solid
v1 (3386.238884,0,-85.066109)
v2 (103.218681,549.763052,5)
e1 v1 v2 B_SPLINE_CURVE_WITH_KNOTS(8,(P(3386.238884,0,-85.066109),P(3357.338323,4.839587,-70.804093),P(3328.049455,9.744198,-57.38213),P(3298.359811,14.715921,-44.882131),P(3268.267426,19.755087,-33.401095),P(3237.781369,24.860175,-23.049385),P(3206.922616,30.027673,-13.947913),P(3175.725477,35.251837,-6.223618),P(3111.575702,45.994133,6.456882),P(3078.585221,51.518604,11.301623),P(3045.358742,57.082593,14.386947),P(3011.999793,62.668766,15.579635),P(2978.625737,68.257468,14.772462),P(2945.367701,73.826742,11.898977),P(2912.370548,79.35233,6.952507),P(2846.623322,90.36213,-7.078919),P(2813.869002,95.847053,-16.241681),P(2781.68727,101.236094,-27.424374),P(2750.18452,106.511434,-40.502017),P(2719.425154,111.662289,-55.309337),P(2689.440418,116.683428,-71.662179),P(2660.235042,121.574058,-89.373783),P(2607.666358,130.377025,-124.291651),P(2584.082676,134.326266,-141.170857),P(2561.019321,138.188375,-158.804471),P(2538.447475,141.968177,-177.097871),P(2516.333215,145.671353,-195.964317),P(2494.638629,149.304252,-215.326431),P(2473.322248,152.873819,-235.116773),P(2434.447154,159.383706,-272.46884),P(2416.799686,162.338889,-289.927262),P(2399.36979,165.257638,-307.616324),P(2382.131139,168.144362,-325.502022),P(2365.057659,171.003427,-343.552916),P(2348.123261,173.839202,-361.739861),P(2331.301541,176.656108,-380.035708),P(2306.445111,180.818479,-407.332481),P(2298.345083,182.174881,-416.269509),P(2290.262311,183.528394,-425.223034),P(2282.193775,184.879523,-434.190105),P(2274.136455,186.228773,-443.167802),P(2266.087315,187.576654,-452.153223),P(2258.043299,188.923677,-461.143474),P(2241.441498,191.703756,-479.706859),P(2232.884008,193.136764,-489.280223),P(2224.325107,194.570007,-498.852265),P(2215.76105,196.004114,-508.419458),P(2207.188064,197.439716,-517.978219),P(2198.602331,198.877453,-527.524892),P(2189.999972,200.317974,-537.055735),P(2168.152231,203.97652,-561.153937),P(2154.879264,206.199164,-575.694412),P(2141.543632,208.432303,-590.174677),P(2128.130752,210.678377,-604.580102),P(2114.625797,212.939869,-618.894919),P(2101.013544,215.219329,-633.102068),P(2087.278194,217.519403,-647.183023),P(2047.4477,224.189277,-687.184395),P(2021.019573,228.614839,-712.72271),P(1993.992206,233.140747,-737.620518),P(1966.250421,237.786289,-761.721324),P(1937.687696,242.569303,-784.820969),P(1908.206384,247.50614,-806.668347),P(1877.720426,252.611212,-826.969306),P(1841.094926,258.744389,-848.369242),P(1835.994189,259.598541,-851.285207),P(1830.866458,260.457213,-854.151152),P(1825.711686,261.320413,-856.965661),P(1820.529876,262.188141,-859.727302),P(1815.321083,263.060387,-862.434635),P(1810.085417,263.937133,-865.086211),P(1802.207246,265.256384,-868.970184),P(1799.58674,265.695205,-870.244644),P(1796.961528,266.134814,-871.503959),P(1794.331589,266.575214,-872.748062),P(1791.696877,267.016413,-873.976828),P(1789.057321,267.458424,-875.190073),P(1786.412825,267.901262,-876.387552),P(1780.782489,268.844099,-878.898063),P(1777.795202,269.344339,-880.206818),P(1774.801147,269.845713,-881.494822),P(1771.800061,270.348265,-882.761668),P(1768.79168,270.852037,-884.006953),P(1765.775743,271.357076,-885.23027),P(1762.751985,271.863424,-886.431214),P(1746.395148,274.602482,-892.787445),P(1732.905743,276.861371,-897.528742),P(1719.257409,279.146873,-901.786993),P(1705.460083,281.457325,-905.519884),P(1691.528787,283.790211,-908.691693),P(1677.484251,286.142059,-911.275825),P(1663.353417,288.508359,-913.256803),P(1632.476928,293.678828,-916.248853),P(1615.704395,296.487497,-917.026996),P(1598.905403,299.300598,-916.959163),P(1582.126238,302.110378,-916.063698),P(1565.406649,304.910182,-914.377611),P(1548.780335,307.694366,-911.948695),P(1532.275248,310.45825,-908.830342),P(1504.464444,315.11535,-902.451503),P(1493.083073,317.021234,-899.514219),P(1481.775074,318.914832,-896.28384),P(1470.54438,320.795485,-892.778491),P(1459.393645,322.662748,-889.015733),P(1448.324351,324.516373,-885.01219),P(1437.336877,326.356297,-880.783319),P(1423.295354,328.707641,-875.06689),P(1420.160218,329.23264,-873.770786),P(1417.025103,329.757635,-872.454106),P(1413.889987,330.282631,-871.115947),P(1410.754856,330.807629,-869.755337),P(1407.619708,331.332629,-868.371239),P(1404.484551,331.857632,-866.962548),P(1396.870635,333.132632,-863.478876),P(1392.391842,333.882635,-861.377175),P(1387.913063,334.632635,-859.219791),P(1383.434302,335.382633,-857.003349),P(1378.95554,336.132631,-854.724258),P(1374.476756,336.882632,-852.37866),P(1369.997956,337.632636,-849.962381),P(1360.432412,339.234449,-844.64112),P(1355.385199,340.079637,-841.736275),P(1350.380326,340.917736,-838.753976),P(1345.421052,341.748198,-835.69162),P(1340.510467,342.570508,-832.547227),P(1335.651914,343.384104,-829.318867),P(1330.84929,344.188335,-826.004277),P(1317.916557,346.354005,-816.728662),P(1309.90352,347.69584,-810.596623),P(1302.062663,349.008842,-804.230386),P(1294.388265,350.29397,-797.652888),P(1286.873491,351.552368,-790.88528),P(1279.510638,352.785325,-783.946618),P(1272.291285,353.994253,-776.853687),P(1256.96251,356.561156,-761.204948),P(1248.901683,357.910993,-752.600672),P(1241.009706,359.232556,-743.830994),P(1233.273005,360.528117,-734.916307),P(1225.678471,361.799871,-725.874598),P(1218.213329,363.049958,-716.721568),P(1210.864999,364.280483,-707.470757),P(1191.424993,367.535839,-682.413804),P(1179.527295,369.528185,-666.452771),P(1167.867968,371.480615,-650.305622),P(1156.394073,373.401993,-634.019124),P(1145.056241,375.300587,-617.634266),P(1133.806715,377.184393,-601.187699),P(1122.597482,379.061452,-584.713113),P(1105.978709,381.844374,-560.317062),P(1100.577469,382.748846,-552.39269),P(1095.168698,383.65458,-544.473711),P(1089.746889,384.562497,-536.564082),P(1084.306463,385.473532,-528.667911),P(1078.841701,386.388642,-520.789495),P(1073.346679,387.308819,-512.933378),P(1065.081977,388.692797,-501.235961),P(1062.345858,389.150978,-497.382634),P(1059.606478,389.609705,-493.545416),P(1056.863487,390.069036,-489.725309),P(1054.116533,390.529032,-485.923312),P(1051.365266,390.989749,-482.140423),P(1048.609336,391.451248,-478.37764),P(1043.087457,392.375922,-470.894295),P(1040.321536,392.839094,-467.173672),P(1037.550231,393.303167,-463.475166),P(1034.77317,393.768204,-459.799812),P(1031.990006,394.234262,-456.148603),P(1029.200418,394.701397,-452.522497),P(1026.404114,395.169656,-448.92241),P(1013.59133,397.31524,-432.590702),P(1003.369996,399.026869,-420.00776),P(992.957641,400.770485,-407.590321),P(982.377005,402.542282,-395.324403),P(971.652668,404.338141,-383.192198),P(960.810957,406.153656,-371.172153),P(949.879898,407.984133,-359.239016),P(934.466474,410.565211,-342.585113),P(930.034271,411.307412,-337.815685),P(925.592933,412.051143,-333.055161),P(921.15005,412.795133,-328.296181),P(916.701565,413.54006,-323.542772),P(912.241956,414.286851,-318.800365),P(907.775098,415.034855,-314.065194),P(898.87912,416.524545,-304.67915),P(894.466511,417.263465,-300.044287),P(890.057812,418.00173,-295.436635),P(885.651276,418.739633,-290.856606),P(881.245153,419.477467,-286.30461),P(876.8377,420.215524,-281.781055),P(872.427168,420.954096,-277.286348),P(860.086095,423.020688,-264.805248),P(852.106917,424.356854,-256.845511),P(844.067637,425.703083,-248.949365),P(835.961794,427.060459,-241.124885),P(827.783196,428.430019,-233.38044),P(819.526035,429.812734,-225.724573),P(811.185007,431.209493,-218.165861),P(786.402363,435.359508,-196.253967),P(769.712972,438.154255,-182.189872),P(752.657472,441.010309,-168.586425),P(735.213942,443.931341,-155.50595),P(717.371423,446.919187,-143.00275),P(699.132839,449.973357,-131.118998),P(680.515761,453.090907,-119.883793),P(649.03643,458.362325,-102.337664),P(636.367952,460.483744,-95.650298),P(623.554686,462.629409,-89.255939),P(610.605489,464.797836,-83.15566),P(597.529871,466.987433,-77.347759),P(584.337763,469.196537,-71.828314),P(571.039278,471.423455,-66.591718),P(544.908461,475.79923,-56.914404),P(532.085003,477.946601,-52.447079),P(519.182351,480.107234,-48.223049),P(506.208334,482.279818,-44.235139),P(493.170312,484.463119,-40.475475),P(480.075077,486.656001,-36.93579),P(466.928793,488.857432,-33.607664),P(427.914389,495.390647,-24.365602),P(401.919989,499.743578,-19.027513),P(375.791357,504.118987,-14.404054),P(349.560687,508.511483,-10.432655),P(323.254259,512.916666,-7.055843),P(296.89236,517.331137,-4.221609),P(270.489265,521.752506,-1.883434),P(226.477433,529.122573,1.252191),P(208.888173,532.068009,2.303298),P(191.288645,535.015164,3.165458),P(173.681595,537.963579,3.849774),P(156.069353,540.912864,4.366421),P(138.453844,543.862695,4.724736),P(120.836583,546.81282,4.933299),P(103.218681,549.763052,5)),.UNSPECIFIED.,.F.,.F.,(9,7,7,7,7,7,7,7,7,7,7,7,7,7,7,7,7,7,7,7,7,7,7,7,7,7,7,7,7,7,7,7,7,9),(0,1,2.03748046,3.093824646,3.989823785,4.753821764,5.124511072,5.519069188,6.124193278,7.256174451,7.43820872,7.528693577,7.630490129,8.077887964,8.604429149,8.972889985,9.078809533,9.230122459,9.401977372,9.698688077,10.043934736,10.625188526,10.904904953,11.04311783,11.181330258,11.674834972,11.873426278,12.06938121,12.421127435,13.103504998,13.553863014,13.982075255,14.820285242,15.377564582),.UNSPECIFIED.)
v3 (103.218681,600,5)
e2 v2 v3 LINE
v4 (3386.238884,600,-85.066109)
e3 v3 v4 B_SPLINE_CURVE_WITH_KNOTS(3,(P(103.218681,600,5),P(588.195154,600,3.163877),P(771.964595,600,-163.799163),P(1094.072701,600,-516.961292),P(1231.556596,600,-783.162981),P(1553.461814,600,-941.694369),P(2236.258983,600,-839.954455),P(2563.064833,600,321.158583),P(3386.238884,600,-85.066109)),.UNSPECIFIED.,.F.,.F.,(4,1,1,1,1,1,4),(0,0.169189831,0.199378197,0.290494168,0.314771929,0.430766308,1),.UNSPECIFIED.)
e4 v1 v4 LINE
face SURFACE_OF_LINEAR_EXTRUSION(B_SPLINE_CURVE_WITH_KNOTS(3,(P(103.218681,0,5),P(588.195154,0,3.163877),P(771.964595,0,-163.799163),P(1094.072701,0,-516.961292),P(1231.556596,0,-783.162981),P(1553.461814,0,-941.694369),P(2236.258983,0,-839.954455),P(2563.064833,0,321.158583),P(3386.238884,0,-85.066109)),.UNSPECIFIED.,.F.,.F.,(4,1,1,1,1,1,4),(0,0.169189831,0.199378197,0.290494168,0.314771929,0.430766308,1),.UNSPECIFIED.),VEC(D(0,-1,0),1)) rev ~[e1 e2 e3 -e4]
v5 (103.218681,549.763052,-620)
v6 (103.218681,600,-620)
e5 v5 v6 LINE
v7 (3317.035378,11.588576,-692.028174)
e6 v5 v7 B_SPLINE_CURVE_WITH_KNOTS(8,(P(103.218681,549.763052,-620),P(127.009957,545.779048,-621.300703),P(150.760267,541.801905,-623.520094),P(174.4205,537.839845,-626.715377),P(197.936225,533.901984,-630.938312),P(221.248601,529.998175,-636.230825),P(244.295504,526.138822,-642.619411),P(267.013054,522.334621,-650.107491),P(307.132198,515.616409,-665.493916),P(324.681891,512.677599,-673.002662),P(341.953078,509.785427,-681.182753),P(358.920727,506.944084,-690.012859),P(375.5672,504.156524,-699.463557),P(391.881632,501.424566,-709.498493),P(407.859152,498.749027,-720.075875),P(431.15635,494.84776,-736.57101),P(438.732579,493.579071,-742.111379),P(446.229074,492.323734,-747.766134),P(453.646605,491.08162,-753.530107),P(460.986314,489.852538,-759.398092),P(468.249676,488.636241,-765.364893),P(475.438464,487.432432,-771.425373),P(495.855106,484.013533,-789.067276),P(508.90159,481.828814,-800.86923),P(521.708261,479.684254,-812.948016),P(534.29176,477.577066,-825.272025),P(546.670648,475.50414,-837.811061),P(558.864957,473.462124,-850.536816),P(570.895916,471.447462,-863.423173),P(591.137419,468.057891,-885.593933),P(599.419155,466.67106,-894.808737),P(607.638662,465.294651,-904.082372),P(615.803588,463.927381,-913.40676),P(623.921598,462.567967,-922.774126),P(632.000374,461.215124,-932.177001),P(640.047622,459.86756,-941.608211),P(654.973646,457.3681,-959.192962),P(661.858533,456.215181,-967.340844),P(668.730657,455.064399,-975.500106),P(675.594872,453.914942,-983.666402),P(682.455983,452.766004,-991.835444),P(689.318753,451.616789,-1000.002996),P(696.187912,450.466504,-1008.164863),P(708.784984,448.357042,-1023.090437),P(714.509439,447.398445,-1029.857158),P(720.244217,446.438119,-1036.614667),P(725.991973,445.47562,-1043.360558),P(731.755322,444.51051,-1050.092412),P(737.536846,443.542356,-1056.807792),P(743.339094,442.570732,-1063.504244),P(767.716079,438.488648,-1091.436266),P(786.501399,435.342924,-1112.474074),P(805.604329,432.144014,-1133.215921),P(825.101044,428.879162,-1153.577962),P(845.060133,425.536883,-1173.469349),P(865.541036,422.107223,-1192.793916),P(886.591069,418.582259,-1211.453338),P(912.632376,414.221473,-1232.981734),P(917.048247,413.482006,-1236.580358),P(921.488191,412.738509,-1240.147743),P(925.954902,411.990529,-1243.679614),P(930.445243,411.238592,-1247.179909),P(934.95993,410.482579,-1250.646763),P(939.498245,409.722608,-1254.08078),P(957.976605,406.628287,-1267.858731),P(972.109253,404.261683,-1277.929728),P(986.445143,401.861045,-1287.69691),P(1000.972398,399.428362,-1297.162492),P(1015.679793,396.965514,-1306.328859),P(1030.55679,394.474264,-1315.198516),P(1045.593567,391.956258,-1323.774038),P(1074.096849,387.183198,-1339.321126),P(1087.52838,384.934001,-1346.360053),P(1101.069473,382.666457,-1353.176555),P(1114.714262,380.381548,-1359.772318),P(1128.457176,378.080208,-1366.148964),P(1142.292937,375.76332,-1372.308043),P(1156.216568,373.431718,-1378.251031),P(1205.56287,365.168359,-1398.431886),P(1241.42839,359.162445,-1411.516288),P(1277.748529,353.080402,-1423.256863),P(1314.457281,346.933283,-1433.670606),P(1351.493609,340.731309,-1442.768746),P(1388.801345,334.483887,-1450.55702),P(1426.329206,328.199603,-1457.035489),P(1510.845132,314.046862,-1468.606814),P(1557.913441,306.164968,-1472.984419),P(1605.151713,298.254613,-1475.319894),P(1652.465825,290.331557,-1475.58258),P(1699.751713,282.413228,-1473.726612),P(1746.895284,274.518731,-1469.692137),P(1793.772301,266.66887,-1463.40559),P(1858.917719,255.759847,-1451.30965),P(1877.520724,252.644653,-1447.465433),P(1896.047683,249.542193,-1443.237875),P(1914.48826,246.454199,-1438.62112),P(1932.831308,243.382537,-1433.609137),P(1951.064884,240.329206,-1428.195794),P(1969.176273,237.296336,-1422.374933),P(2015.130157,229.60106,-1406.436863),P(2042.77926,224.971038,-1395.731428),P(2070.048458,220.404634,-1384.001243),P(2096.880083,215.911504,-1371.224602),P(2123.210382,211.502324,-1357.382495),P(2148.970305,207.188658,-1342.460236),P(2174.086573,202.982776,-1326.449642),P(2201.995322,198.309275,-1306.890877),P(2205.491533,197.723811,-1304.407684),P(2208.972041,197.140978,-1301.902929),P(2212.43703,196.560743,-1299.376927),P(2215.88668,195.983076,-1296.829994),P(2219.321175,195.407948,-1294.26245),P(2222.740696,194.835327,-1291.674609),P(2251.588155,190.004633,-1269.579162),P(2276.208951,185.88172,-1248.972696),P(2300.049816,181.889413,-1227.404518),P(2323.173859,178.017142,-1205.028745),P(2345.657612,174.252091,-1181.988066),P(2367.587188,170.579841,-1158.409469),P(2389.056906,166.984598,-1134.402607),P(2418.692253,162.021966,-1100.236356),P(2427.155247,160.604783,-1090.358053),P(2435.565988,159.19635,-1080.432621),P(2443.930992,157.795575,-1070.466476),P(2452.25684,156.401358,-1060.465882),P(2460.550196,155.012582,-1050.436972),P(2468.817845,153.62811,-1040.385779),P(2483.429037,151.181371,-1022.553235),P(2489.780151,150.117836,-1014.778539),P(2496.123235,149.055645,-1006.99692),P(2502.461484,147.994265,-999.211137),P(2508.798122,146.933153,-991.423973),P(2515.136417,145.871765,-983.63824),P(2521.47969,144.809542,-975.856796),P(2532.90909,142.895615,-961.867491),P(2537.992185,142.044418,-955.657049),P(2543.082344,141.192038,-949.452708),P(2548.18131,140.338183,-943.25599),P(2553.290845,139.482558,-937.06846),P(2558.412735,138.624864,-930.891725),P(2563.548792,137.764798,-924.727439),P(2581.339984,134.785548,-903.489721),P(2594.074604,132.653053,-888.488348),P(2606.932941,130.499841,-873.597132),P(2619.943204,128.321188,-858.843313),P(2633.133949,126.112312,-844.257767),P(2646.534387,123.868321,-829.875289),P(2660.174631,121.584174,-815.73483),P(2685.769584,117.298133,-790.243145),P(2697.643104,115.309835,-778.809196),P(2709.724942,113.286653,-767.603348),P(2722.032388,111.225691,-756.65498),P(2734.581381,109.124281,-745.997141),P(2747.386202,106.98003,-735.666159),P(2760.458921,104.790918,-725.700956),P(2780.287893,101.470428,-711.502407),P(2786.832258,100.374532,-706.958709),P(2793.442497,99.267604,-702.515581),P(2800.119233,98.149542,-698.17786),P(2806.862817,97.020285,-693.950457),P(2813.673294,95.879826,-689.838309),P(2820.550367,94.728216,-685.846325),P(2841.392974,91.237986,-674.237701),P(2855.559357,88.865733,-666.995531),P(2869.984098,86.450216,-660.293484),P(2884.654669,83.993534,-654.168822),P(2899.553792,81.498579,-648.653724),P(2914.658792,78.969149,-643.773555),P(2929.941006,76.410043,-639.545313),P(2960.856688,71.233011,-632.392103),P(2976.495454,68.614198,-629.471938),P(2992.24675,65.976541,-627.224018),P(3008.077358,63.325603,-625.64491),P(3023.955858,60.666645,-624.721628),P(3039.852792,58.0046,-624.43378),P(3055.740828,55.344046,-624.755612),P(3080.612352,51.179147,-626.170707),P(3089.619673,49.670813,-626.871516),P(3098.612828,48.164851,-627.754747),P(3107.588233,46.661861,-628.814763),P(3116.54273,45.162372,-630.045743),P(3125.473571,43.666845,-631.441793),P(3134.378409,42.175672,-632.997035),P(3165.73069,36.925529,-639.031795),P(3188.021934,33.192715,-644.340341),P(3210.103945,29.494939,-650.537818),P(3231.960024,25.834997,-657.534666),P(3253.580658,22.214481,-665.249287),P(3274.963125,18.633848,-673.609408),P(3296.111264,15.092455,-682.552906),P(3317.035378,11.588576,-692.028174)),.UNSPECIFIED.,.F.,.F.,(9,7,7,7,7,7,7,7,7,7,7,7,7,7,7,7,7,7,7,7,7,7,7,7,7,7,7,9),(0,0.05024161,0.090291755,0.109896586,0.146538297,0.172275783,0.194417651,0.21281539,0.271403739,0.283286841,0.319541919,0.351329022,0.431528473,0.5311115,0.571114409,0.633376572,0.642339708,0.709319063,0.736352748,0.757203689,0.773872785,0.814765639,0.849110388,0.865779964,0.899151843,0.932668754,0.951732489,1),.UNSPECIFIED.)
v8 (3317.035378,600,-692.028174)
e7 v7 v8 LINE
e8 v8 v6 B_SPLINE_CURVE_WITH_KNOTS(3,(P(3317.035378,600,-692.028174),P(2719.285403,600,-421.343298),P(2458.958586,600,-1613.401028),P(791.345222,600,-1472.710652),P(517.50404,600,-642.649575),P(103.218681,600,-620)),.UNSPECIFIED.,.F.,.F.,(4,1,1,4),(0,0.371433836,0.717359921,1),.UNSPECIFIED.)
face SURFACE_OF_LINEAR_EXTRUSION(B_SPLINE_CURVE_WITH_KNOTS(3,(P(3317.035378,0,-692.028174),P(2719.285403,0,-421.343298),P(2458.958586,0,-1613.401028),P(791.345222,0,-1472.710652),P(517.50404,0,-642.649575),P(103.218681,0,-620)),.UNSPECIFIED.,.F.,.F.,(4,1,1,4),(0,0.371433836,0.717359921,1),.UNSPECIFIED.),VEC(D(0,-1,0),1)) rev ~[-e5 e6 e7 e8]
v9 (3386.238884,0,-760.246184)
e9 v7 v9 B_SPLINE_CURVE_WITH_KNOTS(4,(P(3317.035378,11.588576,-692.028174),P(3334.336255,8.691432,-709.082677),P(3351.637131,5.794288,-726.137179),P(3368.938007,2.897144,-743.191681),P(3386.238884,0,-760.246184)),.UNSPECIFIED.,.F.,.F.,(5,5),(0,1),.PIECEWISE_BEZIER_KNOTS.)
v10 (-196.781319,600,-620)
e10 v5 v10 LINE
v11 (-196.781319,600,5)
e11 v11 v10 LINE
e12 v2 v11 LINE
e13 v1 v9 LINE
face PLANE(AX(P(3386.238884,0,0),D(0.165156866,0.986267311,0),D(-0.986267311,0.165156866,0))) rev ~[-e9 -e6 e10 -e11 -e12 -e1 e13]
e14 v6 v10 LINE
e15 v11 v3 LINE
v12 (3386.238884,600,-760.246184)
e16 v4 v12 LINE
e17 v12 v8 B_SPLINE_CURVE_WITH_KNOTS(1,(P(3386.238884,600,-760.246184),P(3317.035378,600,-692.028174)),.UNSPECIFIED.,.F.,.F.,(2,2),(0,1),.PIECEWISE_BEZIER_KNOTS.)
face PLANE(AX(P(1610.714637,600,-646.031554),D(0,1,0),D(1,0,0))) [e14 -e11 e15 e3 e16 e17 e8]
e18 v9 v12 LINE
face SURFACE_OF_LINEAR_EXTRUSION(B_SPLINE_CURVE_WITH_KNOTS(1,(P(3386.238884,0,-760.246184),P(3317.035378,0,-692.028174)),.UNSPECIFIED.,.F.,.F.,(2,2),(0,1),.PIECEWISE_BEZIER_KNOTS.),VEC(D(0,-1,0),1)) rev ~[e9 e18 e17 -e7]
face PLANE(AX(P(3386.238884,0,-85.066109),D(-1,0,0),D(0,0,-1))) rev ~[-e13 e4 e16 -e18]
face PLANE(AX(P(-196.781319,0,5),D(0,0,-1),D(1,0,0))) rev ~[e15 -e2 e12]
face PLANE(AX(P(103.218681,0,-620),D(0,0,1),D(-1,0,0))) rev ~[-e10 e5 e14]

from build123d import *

# Parameters (mm, degrees)
BOSS_EXTRUDE1_DEPTH     = 600
CUT_EXTRUDE5_DEPTH      = 2000
CUT_EXTRUDE5_DEPTH_BACK = 2000


with BuildPart() as part:
    # Sketch3 → Boss-Extrude1 (new body)
    with BuildSketch(Plane(origin=(0, 0, 0), x_dir=(1, 0, 0), z_dir=(0, 1, 0))):
        with BuildLine():
            Line((103.218681112, 620), (-196.781318888, 620))
            Line((-196.781318888, 620), (-196.781318888, -5))
            Line((-196.781318888, -5), (103.218681112, -5))
            add(Edge.make_bspline(
                [(103.218681112, -5), (588.195154083, -3.163876673), (771.964594842, 163.799162942), (1094.072701401, 516.961291923), (1231.556596444, 783.162980701), (1553.46181428, 941.694369248), (2236.258983329, 839.954455387), (2563.06483301, -321.158582751), (3386.238883814, 85.06610873)],
                knots=[0, 0, 0, 0, 0.169189831, 0.199378197, 0.290494168, 0.314771929, 0.430766308, 1, 1, 1, 1], degree=3))
            Line((3386.238883814, 85.06610873), (3386.238883814, 760.246183749))
            add(Edge.make_bspline(
                [(3386.238883814, 760.246183749), (3317.035378353, 692.028174156)],
                knots=[0, 0, 1, 1], degree=1))
            add(Edge.make_bspline(
                [(3317.035378353, 692.028174156), (2719.285403286, 421.343297775), (2458.958585868, 1613.401027739), (791.345221602, 1472.71065196), (517.504039845, 642.649574707), (103.218681112, 620)],
                knots=[0, 0, 0, 0, 0.371433836, 0.717359921, 1, 1, 1, 1], degree=3))
        make_face()
    extrude(amount=BOSS_EXTRUDE1_DEPTH)

    # Sketch5 → Cut-Extrude5 (cut, two sides)
    with BuildSketch(Plane.XY) as cut_extrude5_sk:
        Polygon((3386.238883814, 0), (-196.781318888, 600), (-196.781318888, 0), align=None)
    extrude(amount=CUT_EXTRUDE5_DEPTH, mode=Mode.SUBTRACT)
    extrude(cut_extrude5_sk.sketch, amount=-CUT_EXTRUDE5_DEPTH_BACK, mode=Mode.SUBTRACT)


solid = part.part
